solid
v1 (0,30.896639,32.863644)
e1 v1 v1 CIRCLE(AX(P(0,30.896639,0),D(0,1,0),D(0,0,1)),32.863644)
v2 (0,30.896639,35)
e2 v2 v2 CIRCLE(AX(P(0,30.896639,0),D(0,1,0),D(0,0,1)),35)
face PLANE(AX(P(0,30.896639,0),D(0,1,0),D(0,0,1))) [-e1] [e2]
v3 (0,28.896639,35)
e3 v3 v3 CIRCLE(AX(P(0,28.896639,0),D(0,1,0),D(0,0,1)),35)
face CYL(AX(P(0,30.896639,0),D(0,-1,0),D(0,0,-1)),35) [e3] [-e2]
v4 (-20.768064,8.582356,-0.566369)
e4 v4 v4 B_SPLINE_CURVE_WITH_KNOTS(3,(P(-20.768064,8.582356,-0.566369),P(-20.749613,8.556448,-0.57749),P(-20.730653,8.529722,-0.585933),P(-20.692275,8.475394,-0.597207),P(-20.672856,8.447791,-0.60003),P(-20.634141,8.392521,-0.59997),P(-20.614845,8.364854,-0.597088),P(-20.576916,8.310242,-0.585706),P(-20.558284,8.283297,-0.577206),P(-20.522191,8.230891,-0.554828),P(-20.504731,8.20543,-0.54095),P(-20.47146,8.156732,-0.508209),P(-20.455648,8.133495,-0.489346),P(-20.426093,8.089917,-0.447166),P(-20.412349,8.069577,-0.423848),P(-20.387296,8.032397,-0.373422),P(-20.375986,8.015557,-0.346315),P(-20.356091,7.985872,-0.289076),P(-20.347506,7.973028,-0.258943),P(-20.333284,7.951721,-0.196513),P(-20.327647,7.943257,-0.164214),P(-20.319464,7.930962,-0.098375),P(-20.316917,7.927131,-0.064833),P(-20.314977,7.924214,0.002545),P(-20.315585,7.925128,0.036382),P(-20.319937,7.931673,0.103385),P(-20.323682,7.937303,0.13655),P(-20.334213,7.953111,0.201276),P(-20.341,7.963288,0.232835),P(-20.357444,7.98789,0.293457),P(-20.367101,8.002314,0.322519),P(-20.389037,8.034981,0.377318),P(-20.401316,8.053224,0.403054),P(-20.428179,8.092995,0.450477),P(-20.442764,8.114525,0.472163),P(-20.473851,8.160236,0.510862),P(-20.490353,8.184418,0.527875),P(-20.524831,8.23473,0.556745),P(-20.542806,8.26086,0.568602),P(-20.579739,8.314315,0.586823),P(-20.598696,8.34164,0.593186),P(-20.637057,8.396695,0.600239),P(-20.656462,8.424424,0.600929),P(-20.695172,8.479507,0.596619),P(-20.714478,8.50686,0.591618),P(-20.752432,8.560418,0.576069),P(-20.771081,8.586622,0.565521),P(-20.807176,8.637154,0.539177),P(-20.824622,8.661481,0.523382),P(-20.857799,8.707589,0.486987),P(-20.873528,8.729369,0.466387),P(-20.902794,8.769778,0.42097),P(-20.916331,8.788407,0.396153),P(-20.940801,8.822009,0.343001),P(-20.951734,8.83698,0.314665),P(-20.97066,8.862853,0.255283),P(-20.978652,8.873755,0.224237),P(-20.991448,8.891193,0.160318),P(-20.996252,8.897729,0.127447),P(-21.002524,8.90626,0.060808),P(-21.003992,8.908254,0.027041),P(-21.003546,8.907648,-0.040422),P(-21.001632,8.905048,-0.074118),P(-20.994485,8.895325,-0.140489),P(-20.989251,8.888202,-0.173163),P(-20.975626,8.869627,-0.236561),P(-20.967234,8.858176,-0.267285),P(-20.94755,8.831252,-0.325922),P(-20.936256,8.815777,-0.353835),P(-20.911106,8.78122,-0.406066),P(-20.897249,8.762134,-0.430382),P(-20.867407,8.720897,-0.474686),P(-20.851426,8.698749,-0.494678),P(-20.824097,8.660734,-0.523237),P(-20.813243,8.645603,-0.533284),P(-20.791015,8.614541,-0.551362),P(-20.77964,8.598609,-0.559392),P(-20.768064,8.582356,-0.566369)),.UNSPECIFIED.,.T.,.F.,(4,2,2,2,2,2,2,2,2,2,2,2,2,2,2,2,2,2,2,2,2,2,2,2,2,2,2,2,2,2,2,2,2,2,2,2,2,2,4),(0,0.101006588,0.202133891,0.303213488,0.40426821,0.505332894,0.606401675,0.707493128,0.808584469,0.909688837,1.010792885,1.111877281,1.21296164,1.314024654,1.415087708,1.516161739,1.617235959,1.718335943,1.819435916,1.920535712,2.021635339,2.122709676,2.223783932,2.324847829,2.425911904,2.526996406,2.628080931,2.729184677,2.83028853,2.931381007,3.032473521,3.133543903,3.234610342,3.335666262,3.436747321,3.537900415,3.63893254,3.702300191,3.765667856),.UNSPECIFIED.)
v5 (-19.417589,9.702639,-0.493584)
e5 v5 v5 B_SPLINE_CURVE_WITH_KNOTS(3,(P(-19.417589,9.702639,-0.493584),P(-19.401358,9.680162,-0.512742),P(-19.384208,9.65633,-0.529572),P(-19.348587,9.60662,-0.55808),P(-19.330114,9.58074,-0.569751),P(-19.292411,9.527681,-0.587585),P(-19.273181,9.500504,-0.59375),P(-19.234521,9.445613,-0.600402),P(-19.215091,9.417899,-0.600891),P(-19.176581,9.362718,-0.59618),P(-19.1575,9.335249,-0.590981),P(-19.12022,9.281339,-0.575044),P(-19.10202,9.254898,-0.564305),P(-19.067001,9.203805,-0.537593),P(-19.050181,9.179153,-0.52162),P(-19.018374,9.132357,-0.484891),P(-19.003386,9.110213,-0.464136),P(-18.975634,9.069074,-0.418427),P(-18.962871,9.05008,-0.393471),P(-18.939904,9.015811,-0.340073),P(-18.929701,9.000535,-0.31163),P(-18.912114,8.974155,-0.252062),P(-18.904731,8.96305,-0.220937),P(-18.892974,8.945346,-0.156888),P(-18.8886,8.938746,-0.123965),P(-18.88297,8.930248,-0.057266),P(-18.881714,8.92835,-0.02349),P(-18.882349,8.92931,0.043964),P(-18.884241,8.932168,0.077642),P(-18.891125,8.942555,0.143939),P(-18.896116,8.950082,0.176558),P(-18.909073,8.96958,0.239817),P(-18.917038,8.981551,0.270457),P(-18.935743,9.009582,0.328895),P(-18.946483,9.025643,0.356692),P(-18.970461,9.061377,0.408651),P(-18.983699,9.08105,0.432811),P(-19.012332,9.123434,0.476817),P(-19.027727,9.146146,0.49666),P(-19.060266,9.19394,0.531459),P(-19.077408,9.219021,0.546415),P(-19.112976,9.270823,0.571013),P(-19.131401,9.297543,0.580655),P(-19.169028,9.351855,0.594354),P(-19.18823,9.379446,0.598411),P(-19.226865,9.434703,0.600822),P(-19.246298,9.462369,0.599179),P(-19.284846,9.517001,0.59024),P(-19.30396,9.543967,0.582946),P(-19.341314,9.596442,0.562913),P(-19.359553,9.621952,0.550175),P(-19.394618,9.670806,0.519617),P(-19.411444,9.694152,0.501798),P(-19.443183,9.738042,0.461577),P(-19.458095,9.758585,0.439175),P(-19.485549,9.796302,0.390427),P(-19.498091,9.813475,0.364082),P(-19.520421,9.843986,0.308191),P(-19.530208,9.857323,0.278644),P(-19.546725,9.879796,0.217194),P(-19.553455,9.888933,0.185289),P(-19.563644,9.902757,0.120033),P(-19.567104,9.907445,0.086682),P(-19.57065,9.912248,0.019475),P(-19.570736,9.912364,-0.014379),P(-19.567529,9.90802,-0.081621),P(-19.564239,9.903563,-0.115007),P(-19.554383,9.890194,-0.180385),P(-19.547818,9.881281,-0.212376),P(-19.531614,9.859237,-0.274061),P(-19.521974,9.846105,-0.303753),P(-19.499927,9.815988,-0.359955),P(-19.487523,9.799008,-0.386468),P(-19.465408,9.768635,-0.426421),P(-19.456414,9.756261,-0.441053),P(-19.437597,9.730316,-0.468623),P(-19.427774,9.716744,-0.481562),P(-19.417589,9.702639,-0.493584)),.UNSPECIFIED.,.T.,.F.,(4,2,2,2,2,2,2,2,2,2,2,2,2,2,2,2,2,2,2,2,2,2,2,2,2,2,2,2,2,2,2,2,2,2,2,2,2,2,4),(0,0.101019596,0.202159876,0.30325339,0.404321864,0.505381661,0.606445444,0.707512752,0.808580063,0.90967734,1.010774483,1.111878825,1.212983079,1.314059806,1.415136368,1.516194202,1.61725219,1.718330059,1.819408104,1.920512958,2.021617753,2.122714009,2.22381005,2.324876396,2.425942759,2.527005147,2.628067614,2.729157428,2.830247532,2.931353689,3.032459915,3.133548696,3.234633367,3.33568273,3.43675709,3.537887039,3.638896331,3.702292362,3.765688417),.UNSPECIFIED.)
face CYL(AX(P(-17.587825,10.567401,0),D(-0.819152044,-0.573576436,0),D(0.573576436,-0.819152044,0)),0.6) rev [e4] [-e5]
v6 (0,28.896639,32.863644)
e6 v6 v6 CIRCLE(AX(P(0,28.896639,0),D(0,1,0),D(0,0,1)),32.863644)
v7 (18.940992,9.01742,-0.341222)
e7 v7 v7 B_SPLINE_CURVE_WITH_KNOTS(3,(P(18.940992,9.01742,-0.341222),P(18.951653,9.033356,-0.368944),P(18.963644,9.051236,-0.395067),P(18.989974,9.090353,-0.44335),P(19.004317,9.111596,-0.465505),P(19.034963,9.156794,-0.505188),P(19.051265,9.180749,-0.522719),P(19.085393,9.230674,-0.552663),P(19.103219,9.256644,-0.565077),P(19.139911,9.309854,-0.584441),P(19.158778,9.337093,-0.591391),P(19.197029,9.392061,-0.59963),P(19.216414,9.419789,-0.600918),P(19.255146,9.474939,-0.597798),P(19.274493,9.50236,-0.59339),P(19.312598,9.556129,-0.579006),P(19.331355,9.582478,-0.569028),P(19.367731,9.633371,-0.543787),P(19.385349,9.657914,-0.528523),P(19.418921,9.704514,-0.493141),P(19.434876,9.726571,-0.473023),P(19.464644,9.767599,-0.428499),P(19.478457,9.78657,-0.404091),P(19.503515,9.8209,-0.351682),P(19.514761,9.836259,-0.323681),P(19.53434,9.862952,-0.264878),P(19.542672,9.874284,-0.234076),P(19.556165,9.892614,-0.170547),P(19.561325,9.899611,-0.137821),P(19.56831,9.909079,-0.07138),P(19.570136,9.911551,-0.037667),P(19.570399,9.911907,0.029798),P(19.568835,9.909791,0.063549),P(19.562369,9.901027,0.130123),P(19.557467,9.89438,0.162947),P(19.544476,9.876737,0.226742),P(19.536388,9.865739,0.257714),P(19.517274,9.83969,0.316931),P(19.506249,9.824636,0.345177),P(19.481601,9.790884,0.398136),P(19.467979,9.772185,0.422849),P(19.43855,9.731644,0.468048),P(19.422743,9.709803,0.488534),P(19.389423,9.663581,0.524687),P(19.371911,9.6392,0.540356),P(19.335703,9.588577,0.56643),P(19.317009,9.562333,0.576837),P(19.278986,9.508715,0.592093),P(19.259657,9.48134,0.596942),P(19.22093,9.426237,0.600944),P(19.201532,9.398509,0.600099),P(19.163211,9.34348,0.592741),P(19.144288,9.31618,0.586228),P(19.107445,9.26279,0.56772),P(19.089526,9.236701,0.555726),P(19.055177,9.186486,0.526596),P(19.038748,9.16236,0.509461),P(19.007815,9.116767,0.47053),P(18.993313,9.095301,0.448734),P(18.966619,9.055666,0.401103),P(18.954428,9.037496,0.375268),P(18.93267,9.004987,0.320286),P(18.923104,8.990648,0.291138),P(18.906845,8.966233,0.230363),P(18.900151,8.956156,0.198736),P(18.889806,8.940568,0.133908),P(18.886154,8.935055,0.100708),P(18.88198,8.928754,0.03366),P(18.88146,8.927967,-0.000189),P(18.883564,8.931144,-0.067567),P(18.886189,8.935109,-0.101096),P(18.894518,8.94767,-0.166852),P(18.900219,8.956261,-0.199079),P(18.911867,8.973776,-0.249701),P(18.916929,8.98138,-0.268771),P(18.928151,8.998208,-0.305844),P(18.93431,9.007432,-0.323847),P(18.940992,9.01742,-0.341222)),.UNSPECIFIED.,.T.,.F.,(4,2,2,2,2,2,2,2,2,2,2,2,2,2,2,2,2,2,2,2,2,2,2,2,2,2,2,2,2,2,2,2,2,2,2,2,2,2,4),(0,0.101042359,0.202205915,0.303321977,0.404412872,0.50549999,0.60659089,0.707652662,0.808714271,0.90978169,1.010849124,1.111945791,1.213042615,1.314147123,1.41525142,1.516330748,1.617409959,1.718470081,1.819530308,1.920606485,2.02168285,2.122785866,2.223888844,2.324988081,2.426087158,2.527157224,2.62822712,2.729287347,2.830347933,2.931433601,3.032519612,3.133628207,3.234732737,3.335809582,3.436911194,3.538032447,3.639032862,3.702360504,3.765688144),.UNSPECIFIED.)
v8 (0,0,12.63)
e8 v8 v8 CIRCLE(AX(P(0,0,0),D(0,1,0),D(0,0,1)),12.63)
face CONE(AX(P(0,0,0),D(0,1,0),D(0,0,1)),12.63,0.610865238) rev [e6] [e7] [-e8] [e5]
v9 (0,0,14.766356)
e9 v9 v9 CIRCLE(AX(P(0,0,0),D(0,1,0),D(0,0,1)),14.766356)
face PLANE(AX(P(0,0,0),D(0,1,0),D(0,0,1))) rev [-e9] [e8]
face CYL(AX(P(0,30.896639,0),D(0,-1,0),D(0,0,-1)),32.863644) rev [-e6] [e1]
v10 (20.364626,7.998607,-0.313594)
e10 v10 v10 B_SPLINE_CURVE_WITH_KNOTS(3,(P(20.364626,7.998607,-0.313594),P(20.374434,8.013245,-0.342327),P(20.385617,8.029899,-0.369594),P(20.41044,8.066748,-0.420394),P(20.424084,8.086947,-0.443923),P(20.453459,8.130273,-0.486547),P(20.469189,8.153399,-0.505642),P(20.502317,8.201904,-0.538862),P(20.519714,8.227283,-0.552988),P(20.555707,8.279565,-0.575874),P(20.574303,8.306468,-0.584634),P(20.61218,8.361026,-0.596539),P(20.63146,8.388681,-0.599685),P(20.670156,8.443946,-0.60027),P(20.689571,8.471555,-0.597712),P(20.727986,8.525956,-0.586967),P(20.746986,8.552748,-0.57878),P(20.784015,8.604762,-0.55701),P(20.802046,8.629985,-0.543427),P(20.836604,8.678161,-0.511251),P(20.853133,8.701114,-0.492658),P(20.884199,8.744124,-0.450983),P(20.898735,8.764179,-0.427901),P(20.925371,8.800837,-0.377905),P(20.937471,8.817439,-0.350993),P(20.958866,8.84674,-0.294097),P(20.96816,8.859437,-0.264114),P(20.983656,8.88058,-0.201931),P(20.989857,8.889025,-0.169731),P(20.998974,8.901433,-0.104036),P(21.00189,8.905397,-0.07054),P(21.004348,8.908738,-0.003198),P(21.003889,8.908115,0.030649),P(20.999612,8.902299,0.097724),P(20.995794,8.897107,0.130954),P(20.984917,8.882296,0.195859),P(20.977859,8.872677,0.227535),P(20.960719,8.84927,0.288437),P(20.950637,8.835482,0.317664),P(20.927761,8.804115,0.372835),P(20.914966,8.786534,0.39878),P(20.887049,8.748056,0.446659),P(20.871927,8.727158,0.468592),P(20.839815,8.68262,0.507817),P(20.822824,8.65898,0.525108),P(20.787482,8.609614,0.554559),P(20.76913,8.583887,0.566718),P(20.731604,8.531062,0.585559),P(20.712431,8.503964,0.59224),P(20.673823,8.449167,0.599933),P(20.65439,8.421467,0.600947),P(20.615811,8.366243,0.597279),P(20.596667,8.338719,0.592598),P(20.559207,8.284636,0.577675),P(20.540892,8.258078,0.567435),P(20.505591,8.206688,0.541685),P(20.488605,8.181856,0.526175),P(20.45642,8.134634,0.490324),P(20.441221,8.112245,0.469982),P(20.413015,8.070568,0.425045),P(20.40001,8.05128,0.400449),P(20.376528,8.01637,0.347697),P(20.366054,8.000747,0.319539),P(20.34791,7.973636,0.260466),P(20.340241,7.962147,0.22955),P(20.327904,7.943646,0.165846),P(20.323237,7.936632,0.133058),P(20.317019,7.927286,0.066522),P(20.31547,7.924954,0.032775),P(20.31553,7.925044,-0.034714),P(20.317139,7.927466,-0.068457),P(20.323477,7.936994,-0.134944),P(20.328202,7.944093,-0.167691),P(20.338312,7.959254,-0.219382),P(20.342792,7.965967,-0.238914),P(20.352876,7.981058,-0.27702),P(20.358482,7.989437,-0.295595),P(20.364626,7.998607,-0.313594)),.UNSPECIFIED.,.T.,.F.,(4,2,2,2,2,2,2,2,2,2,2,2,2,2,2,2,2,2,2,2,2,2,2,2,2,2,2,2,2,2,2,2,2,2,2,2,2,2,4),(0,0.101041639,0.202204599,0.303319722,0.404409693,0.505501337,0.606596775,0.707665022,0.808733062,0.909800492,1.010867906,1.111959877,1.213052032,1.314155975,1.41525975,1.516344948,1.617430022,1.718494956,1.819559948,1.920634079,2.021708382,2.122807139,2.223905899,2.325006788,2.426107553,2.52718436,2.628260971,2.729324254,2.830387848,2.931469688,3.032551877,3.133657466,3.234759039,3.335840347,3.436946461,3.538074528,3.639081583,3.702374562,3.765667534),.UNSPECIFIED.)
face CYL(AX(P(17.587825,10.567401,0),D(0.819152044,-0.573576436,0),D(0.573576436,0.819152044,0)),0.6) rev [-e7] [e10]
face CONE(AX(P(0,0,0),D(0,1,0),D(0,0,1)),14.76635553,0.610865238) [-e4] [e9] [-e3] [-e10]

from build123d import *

# Parameters (mm, degrees)
SKETCH36_R          = 0.6
SIDE_HOLES_DEPTH    = 2
CIRPATTERN2_COUNT   = 2
SKETCH37_R          = 35
SKETCH37_R_2        = 32.86364447
BOSS_EXTRUDE1_DEPTH = 2


with BuildPart() as part:
    # Sketch35 → Revolve1 (revolve)
    with BuildSketch(Plane.XY, mode=Mode.PRIVATE) as revolve1_sk:
        Polygon((32.86364447, 28.896639018), (12.63, 0), (14.76635553, 0), (35, 28.896639018), align=None)
    revolve(revolve1_sk.sketch.rotate(Axis((0, 28.896639018, 0), (0, -1, 0)), 90), axis=Axis((0, 28.896639018, 0), (0, -1, 0)))

    # Sketch36 → side-holes (cut, symmetric)
    with BuildSketch(Plane(origin=(8.474857205, -5.9341589, 0), x_dir=(0, 0, 1), z_dir=(-0.8191520442889934, 0.5735764363510439, 0))):
        with Locations(Location((0, 18.744270391, 0), (0, 0, 235.340174101))):
            Circle(SKETCH36_R)
    side_holes = extrude(amount=SIDE_HOLES_DEPTH, both=True, mode=Mode.SUBTRACT)

    # CirPattern2: side-holes ×2 about axis
    cirpattern2_axis = Axis((0, 0, 0), (0, 1, 0))
    for i in range(1, CIRPATTERN2_COUNT):
        add(side_holes.rotate(cirpattern2_axis, i * 360 / CIRPATTERN2_COUNT), mode=Mode.SUBTRACT)

    # Sketch37 → Boss-Extrude1 (add)
    with BuildSketch(Plane(origin=(0, 28.896639018, 0), x_dir=(1, 0, 0), z_dir=(0, 1, 0))):
        with Locations(Location((0, 0, 0), (0, 0, 270))):
            Circle(SKETCH37_R)
        with Locations(Location((0, 0, 0), (0, 0, 270))):
            Circle(SKETCH37_R_2, mode=Mode.SUBTRACT)
    extrude(amount=BOSS_EXTRUDE1_DEPTH)


solid = part.part
